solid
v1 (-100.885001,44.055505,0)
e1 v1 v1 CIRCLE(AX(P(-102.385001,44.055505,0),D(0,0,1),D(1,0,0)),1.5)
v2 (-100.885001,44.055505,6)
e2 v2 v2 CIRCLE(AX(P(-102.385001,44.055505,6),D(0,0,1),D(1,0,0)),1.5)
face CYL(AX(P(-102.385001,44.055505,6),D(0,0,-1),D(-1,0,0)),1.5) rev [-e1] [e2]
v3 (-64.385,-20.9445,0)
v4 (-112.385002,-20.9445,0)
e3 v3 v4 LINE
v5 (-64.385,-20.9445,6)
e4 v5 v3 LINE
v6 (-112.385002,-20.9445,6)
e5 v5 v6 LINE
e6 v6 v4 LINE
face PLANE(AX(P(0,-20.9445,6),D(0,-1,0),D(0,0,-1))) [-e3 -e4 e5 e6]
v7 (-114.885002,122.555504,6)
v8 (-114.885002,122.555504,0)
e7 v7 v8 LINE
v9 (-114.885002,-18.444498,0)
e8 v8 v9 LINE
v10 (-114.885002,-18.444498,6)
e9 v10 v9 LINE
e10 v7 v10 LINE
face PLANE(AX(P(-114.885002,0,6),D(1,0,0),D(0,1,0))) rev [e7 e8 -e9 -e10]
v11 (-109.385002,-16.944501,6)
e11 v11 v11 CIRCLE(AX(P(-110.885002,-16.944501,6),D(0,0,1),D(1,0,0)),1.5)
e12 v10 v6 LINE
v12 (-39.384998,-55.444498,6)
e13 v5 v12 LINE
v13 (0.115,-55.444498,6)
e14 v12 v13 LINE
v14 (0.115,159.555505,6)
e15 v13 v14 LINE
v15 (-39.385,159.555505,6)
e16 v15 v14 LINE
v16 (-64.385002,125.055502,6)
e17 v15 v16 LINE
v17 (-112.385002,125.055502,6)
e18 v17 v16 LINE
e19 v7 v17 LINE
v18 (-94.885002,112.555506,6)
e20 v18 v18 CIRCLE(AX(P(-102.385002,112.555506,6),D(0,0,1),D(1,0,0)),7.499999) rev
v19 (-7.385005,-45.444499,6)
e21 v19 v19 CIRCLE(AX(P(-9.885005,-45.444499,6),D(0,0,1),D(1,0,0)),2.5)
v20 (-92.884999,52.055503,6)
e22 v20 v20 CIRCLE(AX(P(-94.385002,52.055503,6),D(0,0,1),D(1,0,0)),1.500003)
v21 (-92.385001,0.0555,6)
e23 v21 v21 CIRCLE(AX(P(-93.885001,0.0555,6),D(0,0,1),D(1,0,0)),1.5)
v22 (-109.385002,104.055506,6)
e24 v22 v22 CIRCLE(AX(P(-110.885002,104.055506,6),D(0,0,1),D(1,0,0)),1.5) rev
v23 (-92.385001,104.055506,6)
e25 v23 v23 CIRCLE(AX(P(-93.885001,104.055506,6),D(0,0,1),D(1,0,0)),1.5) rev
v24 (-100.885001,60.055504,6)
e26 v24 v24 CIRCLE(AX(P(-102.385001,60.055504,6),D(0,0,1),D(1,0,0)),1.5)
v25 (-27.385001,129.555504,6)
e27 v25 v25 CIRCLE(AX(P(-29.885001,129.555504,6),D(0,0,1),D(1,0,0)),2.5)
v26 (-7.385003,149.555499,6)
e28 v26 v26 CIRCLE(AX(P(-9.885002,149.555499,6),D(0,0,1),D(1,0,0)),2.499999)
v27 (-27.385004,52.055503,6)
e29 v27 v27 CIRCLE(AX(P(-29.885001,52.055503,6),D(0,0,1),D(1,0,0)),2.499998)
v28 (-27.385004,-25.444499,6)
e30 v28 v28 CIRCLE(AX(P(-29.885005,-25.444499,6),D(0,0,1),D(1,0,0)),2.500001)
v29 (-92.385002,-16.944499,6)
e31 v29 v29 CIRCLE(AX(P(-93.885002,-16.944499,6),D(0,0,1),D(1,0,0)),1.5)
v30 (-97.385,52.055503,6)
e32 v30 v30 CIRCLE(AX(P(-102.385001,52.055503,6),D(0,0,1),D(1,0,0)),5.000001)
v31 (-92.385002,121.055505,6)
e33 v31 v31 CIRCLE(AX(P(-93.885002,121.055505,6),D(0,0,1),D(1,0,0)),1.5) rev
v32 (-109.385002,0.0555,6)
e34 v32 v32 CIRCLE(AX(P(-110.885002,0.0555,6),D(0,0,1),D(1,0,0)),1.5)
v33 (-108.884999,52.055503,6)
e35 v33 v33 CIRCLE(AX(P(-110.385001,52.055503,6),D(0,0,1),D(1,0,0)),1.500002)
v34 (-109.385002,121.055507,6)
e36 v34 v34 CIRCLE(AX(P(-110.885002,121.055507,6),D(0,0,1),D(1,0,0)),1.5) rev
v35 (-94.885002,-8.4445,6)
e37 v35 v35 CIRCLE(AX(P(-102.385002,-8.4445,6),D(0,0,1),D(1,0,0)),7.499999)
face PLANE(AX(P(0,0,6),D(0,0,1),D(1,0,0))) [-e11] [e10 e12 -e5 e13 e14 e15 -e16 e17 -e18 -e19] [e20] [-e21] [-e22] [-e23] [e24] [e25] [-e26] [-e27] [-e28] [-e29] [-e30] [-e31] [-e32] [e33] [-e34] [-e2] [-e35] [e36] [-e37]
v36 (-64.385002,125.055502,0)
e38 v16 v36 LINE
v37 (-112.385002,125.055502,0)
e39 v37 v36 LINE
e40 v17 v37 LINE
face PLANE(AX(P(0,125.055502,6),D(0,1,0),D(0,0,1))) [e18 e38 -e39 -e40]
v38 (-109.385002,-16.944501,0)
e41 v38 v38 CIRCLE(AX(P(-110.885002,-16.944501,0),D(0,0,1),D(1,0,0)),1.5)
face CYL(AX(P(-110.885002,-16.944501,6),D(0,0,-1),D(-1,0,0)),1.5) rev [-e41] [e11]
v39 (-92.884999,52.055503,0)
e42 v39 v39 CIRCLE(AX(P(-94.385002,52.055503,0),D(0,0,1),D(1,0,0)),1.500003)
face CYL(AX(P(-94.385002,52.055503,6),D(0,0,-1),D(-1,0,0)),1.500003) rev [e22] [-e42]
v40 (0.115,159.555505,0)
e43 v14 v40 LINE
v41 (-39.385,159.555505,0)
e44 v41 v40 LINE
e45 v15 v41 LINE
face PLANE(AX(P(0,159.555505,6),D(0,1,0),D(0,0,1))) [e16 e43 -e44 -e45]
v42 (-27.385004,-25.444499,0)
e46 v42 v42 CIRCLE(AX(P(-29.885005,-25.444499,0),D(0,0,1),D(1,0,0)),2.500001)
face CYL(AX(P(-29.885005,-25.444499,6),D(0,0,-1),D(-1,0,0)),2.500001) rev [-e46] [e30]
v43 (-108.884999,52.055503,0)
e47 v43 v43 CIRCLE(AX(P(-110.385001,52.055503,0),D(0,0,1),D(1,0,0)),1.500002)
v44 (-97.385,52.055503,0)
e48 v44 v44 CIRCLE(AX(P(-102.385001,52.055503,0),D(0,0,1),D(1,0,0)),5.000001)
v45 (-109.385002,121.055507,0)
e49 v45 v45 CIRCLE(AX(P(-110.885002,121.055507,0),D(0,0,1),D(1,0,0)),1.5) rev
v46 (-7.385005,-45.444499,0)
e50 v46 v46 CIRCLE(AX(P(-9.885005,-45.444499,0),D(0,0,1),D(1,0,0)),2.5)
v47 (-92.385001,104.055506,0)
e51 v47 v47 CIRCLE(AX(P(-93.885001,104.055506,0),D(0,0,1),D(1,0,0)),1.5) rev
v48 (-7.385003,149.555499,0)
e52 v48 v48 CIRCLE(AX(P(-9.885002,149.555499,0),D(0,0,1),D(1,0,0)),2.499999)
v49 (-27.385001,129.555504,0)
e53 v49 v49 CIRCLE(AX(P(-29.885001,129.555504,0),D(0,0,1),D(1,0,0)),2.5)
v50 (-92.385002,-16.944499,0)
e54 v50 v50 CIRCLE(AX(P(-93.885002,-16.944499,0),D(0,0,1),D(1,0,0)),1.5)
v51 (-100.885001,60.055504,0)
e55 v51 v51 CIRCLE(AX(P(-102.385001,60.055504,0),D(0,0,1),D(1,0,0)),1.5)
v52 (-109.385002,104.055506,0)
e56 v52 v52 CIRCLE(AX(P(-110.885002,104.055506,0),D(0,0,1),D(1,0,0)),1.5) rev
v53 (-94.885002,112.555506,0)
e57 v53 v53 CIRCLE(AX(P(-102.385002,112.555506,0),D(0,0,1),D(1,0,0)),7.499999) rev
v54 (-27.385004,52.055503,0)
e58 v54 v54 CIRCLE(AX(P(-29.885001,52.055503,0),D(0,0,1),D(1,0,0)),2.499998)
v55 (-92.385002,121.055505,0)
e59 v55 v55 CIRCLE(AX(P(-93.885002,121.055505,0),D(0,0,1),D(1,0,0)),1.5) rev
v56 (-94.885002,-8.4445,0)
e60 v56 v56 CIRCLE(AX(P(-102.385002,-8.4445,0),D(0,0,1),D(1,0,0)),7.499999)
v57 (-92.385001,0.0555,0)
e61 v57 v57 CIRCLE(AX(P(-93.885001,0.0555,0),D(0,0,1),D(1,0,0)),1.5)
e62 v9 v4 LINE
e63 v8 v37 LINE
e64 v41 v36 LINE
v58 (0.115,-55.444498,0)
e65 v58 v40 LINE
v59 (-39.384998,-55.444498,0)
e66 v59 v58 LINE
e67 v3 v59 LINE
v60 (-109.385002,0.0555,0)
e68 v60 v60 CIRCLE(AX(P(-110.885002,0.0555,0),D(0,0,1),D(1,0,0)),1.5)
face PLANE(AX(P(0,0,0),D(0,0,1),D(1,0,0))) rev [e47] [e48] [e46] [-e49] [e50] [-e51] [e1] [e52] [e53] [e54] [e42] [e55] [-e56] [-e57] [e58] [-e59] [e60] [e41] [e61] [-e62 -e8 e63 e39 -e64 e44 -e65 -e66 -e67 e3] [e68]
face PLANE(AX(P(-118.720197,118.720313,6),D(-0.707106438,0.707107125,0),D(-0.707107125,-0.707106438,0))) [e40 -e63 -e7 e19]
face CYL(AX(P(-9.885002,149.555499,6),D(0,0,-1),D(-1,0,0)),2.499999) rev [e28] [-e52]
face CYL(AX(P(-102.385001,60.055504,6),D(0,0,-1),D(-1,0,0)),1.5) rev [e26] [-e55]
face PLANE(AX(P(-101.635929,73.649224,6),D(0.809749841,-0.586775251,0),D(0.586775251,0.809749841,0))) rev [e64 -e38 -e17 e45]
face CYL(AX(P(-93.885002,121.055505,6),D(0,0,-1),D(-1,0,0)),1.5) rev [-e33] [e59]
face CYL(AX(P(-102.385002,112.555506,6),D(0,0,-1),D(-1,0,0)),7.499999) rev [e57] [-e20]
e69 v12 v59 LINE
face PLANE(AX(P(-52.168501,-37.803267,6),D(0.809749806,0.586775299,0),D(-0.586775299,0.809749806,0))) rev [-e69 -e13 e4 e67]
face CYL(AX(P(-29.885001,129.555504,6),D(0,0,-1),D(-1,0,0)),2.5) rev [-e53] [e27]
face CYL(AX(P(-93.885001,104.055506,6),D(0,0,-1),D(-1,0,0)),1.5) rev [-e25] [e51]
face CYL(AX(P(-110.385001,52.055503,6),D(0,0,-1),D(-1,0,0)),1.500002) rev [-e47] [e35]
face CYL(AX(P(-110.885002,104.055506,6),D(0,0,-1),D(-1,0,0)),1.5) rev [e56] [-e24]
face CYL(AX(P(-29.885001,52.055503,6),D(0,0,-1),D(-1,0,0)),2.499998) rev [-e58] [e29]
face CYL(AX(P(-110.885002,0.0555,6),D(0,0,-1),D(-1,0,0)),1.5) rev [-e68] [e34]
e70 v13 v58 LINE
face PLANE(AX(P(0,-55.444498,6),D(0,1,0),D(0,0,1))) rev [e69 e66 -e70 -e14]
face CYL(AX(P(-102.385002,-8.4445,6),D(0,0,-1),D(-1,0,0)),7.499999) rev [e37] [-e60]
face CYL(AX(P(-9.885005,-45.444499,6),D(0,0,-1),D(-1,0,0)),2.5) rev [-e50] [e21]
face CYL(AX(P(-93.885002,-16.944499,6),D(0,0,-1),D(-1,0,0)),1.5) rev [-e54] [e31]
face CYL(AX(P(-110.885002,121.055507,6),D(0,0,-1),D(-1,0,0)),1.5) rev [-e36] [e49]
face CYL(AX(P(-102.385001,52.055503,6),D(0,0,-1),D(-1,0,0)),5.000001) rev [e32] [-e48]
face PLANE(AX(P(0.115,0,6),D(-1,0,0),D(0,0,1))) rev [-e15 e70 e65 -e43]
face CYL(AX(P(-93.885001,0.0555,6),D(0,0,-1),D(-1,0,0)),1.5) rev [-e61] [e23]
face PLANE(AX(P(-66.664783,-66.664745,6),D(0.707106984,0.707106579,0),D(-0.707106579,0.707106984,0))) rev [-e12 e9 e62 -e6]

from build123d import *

# Parameters (mm, degrees)
ESBO_O1_R                = 1.499999648
ESBO_O1_R_2              = 1.500000298
ESBO_O1_R_3              = 7.49999945
ESBO_O1_R_4              = 1.49999992
ESBO_O1_R_5              = 2.500000663
ESBO_O1_R_6              = 2.499999944
ESBO_O1_R_7              = 1.500000264
ESBO_O1_R_8              = 2.499997616
ESBO_O1_R_9              = 2.499998574
ESBO_O1_R_10             = 2.500000277
ESBO_O1_R_11             = 1.500000402
ESBO_O1_R_12             = 1.500002802
ESBO_O1_R_13             = 1.500001991
ESBO_O1_R_14             = 5.000001307
ESBO_O1_R_15             = 1.500000261
RESSALTO_EXTRUS_O1_DEPTH = 6


with BuildPart() as part:
    # Esboço1 → Ressalto-extrusão1 (new body)
    with BuildSketch(Plane.XY):
        Polygon((-39.385000246, 159.55550476), (0.115000002, 159.55550476), (0.115000002, -55.444498231), (-39.384998091, -55.444498231), (-64.385000326, -20.944499718), (-112.38500214, -20.944499718), (-114.885002049, -18.444498377), (-114.885002049, 122.555504246), (-112.385001967, 125.055501899), (-64.385002481, 125.055501899), align=None)
        with Locations((-110.885001778, 0.055499999)):
            Circle(ESBO_O1_R, mode=Mode.SUBTRACT)
        with Locations((-93.885001436, 0.055499999)):
            Circle(ESBO_O1_R_2, mode=Mode.SUBTRACT)
        with Locations((-102.385001898, -8.444500463)):
            Circle(ESBO_O1_R_3, mode=Mode.SUBTRACT)
        with Locations((-110.885002127, -16.944500925)):
            Circle(ESBO_O1_R_4, mode=Mode.SUBTRACT)
        with Locations((-29.885004915, -25.444498593)):
            Circle(ESBO_O1_R_5, mode=Mode.SUBTRACT)
        with Locations((-9.885005362, -45.444498612)):
            Circle(ESBO_O1_R_6, mode=Mode.SUBTRACT)
        with Locations((-93.885002367, -16.944499062)):
            Circle(ESBO_O1_R_7, mode=Mode.SUBTRACT)
        with Locations((-29.88500119, 52.055502934)):
            Circle(ESBO_O1_R_8, mode=Mode.SUBTRACT)
        with Locations((-9.885001637, 149.555499358)):
            Circle(ESBO_O1_R_9, mode=Mode.SUBTRACT)
        with Locations((-29.88500119, 129.55550353)):
            Circle(ESBO_O1_R_10, mode=Mode.SUBTRACT)
        with Locations((-102.385000966, 60.055504246)):
            Circle(ESBO_O1_R_11, mode=Mode.SUBTRACT)
        with Locations((-94.385001518, 52.055502934)):
            Circle(ESBO_O1_R_12, mode=Mode.SUBTRACT)
        with Locations((-110.385000997, 52.055502934)):
            Circle(ESBO_O1_R_13, mode=Mode.SUBTRACT)
        with Locations((-102.385000966, 52.055502934)):
            Circle(ESBO_O1_R_14, mode=Mode.SUBTRACT)
        with Locations((-102.385000966, 44.055505348)):
            Circle(ESBO_O1_R_15, mode=Mode.SUBTRACT)
        with Locations((-93.885002367, 121.055504931)):
            Circle(ESBO_O1_R_7, mode=Mode.SUBTRACT)
        with Locations((-110.885002127, 121.055506794)):
            Circle(ESBO_O1_R_4, mode=Mode.SUBTRACT)
        with Locations((-102.385001898, 112.555506332)):
            Circle(ESBO_O1_R_3, mode=Mode.SUBTRACT)
        with Locations((-93.885001436, 104.05550587)):
            Circle(ESBO_O1_R_2, mode=Mode.SUBTRACT)
        with Locations((-110.885001778, 104.05550587)):
            Circle(ESBO_O1_R, mode=Mode.SUBTRACT)
    extrude(amount=RESSALTO_EXTRUS_O1_DEPTH)


solid = part.part
